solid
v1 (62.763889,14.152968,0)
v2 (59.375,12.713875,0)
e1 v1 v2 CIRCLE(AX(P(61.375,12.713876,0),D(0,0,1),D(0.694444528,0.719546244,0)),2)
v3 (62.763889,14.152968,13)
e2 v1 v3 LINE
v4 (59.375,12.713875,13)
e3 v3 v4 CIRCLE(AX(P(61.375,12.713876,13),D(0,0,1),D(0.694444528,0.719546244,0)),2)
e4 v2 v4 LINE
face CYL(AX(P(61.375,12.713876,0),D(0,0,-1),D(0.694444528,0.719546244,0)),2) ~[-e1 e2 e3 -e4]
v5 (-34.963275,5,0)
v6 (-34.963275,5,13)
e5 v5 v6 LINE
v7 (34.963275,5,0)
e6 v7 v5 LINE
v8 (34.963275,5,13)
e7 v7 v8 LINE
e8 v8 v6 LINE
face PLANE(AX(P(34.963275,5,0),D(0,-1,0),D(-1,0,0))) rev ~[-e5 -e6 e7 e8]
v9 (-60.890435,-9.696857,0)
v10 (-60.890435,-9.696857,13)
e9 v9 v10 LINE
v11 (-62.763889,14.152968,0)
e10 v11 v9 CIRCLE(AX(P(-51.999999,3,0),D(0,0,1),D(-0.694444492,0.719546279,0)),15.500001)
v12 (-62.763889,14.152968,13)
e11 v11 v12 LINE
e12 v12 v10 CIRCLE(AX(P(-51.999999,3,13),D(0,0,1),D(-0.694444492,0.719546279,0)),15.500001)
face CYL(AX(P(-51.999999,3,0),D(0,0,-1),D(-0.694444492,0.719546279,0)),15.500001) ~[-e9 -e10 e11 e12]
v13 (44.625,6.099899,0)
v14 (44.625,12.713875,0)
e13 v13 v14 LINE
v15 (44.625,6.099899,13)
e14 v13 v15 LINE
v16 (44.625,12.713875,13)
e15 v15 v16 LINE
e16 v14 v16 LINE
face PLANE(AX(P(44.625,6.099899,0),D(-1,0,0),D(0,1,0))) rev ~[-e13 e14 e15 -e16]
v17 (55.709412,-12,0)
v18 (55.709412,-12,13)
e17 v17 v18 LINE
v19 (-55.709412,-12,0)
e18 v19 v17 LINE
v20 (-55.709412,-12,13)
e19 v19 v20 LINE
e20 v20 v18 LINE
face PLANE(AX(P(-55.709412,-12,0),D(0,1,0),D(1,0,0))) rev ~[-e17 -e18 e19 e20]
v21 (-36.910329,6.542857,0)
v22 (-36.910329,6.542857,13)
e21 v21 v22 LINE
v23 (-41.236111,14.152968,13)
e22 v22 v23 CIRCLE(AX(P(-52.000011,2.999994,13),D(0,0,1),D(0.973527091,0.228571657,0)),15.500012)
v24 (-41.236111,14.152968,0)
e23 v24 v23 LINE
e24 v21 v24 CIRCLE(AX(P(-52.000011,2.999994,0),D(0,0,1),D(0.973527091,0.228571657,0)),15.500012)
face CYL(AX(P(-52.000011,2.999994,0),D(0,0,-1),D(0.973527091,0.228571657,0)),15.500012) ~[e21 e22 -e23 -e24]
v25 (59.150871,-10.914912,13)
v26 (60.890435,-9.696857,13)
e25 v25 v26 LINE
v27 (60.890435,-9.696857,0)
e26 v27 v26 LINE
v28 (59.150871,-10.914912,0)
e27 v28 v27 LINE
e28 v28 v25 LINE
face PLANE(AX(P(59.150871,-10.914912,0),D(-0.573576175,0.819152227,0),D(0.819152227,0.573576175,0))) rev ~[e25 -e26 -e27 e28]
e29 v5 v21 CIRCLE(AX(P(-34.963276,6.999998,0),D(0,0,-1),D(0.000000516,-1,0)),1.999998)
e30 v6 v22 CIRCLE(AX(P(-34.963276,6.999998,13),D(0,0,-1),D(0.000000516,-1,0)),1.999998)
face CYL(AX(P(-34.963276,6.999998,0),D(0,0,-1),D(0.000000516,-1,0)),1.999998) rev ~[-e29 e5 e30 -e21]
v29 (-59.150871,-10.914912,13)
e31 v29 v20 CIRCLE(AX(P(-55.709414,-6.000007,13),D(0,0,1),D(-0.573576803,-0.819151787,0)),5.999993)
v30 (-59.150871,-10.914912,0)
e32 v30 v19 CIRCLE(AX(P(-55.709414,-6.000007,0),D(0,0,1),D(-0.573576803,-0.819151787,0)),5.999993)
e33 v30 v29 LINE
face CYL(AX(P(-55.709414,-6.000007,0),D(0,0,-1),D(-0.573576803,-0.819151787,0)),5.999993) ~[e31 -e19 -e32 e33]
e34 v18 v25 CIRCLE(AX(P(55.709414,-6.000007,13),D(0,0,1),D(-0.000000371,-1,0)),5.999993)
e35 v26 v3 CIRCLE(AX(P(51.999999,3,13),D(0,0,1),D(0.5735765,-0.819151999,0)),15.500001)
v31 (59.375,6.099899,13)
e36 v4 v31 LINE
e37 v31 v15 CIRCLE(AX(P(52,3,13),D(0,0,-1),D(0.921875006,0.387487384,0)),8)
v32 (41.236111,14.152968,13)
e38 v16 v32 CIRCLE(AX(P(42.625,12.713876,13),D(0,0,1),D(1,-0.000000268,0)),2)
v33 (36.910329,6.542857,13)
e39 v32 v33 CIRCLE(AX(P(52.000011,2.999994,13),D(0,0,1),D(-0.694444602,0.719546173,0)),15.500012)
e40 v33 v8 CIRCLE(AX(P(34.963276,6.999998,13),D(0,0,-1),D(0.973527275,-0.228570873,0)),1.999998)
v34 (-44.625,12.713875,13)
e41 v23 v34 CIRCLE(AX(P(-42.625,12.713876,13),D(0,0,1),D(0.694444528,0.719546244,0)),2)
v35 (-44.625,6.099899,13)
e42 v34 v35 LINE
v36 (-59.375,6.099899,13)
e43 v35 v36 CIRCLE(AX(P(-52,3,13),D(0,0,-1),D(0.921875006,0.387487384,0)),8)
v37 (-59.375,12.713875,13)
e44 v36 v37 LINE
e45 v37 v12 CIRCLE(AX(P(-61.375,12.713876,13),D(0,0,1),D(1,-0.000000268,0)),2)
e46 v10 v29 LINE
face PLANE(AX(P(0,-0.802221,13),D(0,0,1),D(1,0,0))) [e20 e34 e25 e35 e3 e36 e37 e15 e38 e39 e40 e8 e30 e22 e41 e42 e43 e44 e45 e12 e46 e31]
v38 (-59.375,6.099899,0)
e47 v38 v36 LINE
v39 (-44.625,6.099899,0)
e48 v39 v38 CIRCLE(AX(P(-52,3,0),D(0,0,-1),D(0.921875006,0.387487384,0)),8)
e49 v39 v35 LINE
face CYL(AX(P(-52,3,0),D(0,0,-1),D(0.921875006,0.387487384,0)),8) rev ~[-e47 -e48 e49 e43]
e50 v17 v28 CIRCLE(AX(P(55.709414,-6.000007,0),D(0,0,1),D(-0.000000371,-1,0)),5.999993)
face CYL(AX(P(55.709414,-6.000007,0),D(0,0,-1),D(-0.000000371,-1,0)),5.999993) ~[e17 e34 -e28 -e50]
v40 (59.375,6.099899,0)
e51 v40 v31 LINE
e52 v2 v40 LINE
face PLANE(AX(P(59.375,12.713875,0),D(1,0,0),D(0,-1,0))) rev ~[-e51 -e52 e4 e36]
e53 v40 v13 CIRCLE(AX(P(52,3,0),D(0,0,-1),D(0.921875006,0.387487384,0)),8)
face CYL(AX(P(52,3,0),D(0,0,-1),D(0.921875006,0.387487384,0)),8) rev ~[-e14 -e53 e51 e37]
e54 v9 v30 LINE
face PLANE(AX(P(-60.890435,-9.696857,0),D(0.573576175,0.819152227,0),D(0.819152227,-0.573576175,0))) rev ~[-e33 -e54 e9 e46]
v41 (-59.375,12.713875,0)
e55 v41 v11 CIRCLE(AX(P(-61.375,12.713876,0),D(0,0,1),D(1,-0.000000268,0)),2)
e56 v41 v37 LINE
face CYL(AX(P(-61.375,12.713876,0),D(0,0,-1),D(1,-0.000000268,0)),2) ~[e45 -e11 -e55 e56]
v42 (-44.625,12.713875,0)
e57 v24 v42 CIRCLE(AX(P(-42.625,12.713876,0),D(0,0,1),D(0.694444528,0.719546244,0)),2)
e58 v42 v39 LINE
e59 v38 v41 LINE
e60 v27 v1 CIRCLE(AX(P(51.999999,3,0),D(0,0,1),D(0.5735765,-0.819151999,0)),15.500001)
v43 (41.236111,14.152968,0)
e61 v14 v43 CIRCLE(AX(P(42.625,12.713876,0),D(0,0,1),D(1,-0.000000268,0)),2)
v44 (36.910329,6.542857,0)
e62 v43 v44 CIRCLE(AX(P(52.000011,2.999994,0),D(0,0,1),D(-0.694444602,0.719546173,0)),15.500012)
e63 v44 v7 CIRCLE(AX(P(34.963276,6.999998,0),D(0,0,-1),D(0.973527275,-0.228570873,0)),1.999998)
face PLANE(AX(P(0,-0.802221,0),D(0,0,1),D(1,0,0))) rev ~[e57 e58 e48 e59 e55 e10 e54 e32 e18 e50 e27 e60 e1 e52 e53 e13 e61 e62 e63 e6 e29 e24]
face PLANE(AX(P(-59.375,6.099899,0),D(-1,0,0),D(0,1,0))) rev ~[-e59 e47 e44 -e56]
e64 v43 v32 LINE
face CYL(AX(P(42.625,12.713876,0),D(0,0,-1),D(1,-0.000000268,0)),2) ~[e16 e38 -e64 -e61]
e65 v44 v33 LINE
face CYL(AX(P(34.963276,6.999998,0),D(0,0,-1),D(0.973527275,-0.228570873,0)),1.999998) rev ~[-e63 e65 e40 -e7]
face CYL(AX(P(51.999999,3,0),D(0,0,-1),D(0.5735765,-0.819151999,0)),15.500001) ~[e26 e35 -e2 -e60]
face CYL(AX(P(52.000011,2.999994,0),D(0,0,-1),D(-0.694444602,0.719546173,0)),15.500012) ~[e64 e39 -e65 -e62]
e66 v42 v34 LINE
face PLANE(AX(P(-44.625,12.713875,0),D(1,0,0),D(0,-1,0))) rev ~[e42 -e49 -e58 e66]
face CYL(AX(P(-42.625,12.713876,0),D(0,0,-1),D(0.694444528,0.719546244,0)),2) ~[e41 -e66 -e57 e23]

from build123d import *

# Parameters (mm, degrees)
F1_DEPTH = 13


with BuildPart() as f1:
    # F0 (on Top) → F1 (new body)
    with BuildSketch(Plane.XY):
        with BuildLine():
            ThreePointArc((-59.375, 12.713875), (-60.593264, 14.554769), (-62.763889, 14.152968))
            ThreePointArc((-62.763889, 14.152968), (-67.452399, 1.786181), (-60.890435, -9.696857))
            Line((-60.890435, -9.696857), (-59.150871, -10.914912))
            ThreePointArc((-59.150871, -10.914912), (-57.513647, -11.722302), (-55.709412, -12))
            Line((-55.709412, -12), (0, -12))
            Line((0, -12), (55.709412, -12))
            ThreePointArc((55.709412, -12), (57.513647, -11.722302), (59.150871, -10.914912))
            Line((59.150871, -10.914912), (60.890435, -9.696857))
            ThreePointArc((60.890435, -9.696857), (67.452399, 1.786181), (62.763889, 14.152968))
            ThreePointArc((62.763889, 14.152968), (60.593264, 14.554769), (59.375, 12.713875))
            Line((59.375, 12.713875), (59.375, 6.099899))
            ThreePointArc((59.375, 6.099899), (52, -5), (44.625, 6.099899))
            Line((44.625, 6.099899), (44.625, 12.713875))
            ThreePointArc((44.625, 12.713875), (43.406736, 14.554769), (41.236111, 14.152968))
            ThreePointArc((41.236111, 14.152968), (38.524835, 10.659629), (36.910329, 6.542857))
            ThreePointArc((36.910329, 6.542857), (36.205393, 5.432472), (34.963275, 5))
            Line((34.963275, 5), (0, 5))
            Line((0, 5), (-34.963275, 5))
            ThreePointArc((-34.963275, 5), (-36.205393, 5.432472), (-36.910329, 6.542857))
            ThreePointArc((-36.910329, 6.542857), (-38.524835, 10.659629), (-41.236111, 14.152968))
            ThreePointArc((-41.236111, 14.152968), (-43.406736, 14.554769), (-44.625, 12.713875))
            Line((-44.625, 12.713875), (-44.625, 6.099899))
            ThreePointArc((-44.625, 6.099899), (-52, -5), (-59.375, 6.099899))
            Line((-59.375, 6.099899), (-59.375, 12.713875))
        make_face()
    extrude(amount=F1_DEPTH)


solid = f1.part
